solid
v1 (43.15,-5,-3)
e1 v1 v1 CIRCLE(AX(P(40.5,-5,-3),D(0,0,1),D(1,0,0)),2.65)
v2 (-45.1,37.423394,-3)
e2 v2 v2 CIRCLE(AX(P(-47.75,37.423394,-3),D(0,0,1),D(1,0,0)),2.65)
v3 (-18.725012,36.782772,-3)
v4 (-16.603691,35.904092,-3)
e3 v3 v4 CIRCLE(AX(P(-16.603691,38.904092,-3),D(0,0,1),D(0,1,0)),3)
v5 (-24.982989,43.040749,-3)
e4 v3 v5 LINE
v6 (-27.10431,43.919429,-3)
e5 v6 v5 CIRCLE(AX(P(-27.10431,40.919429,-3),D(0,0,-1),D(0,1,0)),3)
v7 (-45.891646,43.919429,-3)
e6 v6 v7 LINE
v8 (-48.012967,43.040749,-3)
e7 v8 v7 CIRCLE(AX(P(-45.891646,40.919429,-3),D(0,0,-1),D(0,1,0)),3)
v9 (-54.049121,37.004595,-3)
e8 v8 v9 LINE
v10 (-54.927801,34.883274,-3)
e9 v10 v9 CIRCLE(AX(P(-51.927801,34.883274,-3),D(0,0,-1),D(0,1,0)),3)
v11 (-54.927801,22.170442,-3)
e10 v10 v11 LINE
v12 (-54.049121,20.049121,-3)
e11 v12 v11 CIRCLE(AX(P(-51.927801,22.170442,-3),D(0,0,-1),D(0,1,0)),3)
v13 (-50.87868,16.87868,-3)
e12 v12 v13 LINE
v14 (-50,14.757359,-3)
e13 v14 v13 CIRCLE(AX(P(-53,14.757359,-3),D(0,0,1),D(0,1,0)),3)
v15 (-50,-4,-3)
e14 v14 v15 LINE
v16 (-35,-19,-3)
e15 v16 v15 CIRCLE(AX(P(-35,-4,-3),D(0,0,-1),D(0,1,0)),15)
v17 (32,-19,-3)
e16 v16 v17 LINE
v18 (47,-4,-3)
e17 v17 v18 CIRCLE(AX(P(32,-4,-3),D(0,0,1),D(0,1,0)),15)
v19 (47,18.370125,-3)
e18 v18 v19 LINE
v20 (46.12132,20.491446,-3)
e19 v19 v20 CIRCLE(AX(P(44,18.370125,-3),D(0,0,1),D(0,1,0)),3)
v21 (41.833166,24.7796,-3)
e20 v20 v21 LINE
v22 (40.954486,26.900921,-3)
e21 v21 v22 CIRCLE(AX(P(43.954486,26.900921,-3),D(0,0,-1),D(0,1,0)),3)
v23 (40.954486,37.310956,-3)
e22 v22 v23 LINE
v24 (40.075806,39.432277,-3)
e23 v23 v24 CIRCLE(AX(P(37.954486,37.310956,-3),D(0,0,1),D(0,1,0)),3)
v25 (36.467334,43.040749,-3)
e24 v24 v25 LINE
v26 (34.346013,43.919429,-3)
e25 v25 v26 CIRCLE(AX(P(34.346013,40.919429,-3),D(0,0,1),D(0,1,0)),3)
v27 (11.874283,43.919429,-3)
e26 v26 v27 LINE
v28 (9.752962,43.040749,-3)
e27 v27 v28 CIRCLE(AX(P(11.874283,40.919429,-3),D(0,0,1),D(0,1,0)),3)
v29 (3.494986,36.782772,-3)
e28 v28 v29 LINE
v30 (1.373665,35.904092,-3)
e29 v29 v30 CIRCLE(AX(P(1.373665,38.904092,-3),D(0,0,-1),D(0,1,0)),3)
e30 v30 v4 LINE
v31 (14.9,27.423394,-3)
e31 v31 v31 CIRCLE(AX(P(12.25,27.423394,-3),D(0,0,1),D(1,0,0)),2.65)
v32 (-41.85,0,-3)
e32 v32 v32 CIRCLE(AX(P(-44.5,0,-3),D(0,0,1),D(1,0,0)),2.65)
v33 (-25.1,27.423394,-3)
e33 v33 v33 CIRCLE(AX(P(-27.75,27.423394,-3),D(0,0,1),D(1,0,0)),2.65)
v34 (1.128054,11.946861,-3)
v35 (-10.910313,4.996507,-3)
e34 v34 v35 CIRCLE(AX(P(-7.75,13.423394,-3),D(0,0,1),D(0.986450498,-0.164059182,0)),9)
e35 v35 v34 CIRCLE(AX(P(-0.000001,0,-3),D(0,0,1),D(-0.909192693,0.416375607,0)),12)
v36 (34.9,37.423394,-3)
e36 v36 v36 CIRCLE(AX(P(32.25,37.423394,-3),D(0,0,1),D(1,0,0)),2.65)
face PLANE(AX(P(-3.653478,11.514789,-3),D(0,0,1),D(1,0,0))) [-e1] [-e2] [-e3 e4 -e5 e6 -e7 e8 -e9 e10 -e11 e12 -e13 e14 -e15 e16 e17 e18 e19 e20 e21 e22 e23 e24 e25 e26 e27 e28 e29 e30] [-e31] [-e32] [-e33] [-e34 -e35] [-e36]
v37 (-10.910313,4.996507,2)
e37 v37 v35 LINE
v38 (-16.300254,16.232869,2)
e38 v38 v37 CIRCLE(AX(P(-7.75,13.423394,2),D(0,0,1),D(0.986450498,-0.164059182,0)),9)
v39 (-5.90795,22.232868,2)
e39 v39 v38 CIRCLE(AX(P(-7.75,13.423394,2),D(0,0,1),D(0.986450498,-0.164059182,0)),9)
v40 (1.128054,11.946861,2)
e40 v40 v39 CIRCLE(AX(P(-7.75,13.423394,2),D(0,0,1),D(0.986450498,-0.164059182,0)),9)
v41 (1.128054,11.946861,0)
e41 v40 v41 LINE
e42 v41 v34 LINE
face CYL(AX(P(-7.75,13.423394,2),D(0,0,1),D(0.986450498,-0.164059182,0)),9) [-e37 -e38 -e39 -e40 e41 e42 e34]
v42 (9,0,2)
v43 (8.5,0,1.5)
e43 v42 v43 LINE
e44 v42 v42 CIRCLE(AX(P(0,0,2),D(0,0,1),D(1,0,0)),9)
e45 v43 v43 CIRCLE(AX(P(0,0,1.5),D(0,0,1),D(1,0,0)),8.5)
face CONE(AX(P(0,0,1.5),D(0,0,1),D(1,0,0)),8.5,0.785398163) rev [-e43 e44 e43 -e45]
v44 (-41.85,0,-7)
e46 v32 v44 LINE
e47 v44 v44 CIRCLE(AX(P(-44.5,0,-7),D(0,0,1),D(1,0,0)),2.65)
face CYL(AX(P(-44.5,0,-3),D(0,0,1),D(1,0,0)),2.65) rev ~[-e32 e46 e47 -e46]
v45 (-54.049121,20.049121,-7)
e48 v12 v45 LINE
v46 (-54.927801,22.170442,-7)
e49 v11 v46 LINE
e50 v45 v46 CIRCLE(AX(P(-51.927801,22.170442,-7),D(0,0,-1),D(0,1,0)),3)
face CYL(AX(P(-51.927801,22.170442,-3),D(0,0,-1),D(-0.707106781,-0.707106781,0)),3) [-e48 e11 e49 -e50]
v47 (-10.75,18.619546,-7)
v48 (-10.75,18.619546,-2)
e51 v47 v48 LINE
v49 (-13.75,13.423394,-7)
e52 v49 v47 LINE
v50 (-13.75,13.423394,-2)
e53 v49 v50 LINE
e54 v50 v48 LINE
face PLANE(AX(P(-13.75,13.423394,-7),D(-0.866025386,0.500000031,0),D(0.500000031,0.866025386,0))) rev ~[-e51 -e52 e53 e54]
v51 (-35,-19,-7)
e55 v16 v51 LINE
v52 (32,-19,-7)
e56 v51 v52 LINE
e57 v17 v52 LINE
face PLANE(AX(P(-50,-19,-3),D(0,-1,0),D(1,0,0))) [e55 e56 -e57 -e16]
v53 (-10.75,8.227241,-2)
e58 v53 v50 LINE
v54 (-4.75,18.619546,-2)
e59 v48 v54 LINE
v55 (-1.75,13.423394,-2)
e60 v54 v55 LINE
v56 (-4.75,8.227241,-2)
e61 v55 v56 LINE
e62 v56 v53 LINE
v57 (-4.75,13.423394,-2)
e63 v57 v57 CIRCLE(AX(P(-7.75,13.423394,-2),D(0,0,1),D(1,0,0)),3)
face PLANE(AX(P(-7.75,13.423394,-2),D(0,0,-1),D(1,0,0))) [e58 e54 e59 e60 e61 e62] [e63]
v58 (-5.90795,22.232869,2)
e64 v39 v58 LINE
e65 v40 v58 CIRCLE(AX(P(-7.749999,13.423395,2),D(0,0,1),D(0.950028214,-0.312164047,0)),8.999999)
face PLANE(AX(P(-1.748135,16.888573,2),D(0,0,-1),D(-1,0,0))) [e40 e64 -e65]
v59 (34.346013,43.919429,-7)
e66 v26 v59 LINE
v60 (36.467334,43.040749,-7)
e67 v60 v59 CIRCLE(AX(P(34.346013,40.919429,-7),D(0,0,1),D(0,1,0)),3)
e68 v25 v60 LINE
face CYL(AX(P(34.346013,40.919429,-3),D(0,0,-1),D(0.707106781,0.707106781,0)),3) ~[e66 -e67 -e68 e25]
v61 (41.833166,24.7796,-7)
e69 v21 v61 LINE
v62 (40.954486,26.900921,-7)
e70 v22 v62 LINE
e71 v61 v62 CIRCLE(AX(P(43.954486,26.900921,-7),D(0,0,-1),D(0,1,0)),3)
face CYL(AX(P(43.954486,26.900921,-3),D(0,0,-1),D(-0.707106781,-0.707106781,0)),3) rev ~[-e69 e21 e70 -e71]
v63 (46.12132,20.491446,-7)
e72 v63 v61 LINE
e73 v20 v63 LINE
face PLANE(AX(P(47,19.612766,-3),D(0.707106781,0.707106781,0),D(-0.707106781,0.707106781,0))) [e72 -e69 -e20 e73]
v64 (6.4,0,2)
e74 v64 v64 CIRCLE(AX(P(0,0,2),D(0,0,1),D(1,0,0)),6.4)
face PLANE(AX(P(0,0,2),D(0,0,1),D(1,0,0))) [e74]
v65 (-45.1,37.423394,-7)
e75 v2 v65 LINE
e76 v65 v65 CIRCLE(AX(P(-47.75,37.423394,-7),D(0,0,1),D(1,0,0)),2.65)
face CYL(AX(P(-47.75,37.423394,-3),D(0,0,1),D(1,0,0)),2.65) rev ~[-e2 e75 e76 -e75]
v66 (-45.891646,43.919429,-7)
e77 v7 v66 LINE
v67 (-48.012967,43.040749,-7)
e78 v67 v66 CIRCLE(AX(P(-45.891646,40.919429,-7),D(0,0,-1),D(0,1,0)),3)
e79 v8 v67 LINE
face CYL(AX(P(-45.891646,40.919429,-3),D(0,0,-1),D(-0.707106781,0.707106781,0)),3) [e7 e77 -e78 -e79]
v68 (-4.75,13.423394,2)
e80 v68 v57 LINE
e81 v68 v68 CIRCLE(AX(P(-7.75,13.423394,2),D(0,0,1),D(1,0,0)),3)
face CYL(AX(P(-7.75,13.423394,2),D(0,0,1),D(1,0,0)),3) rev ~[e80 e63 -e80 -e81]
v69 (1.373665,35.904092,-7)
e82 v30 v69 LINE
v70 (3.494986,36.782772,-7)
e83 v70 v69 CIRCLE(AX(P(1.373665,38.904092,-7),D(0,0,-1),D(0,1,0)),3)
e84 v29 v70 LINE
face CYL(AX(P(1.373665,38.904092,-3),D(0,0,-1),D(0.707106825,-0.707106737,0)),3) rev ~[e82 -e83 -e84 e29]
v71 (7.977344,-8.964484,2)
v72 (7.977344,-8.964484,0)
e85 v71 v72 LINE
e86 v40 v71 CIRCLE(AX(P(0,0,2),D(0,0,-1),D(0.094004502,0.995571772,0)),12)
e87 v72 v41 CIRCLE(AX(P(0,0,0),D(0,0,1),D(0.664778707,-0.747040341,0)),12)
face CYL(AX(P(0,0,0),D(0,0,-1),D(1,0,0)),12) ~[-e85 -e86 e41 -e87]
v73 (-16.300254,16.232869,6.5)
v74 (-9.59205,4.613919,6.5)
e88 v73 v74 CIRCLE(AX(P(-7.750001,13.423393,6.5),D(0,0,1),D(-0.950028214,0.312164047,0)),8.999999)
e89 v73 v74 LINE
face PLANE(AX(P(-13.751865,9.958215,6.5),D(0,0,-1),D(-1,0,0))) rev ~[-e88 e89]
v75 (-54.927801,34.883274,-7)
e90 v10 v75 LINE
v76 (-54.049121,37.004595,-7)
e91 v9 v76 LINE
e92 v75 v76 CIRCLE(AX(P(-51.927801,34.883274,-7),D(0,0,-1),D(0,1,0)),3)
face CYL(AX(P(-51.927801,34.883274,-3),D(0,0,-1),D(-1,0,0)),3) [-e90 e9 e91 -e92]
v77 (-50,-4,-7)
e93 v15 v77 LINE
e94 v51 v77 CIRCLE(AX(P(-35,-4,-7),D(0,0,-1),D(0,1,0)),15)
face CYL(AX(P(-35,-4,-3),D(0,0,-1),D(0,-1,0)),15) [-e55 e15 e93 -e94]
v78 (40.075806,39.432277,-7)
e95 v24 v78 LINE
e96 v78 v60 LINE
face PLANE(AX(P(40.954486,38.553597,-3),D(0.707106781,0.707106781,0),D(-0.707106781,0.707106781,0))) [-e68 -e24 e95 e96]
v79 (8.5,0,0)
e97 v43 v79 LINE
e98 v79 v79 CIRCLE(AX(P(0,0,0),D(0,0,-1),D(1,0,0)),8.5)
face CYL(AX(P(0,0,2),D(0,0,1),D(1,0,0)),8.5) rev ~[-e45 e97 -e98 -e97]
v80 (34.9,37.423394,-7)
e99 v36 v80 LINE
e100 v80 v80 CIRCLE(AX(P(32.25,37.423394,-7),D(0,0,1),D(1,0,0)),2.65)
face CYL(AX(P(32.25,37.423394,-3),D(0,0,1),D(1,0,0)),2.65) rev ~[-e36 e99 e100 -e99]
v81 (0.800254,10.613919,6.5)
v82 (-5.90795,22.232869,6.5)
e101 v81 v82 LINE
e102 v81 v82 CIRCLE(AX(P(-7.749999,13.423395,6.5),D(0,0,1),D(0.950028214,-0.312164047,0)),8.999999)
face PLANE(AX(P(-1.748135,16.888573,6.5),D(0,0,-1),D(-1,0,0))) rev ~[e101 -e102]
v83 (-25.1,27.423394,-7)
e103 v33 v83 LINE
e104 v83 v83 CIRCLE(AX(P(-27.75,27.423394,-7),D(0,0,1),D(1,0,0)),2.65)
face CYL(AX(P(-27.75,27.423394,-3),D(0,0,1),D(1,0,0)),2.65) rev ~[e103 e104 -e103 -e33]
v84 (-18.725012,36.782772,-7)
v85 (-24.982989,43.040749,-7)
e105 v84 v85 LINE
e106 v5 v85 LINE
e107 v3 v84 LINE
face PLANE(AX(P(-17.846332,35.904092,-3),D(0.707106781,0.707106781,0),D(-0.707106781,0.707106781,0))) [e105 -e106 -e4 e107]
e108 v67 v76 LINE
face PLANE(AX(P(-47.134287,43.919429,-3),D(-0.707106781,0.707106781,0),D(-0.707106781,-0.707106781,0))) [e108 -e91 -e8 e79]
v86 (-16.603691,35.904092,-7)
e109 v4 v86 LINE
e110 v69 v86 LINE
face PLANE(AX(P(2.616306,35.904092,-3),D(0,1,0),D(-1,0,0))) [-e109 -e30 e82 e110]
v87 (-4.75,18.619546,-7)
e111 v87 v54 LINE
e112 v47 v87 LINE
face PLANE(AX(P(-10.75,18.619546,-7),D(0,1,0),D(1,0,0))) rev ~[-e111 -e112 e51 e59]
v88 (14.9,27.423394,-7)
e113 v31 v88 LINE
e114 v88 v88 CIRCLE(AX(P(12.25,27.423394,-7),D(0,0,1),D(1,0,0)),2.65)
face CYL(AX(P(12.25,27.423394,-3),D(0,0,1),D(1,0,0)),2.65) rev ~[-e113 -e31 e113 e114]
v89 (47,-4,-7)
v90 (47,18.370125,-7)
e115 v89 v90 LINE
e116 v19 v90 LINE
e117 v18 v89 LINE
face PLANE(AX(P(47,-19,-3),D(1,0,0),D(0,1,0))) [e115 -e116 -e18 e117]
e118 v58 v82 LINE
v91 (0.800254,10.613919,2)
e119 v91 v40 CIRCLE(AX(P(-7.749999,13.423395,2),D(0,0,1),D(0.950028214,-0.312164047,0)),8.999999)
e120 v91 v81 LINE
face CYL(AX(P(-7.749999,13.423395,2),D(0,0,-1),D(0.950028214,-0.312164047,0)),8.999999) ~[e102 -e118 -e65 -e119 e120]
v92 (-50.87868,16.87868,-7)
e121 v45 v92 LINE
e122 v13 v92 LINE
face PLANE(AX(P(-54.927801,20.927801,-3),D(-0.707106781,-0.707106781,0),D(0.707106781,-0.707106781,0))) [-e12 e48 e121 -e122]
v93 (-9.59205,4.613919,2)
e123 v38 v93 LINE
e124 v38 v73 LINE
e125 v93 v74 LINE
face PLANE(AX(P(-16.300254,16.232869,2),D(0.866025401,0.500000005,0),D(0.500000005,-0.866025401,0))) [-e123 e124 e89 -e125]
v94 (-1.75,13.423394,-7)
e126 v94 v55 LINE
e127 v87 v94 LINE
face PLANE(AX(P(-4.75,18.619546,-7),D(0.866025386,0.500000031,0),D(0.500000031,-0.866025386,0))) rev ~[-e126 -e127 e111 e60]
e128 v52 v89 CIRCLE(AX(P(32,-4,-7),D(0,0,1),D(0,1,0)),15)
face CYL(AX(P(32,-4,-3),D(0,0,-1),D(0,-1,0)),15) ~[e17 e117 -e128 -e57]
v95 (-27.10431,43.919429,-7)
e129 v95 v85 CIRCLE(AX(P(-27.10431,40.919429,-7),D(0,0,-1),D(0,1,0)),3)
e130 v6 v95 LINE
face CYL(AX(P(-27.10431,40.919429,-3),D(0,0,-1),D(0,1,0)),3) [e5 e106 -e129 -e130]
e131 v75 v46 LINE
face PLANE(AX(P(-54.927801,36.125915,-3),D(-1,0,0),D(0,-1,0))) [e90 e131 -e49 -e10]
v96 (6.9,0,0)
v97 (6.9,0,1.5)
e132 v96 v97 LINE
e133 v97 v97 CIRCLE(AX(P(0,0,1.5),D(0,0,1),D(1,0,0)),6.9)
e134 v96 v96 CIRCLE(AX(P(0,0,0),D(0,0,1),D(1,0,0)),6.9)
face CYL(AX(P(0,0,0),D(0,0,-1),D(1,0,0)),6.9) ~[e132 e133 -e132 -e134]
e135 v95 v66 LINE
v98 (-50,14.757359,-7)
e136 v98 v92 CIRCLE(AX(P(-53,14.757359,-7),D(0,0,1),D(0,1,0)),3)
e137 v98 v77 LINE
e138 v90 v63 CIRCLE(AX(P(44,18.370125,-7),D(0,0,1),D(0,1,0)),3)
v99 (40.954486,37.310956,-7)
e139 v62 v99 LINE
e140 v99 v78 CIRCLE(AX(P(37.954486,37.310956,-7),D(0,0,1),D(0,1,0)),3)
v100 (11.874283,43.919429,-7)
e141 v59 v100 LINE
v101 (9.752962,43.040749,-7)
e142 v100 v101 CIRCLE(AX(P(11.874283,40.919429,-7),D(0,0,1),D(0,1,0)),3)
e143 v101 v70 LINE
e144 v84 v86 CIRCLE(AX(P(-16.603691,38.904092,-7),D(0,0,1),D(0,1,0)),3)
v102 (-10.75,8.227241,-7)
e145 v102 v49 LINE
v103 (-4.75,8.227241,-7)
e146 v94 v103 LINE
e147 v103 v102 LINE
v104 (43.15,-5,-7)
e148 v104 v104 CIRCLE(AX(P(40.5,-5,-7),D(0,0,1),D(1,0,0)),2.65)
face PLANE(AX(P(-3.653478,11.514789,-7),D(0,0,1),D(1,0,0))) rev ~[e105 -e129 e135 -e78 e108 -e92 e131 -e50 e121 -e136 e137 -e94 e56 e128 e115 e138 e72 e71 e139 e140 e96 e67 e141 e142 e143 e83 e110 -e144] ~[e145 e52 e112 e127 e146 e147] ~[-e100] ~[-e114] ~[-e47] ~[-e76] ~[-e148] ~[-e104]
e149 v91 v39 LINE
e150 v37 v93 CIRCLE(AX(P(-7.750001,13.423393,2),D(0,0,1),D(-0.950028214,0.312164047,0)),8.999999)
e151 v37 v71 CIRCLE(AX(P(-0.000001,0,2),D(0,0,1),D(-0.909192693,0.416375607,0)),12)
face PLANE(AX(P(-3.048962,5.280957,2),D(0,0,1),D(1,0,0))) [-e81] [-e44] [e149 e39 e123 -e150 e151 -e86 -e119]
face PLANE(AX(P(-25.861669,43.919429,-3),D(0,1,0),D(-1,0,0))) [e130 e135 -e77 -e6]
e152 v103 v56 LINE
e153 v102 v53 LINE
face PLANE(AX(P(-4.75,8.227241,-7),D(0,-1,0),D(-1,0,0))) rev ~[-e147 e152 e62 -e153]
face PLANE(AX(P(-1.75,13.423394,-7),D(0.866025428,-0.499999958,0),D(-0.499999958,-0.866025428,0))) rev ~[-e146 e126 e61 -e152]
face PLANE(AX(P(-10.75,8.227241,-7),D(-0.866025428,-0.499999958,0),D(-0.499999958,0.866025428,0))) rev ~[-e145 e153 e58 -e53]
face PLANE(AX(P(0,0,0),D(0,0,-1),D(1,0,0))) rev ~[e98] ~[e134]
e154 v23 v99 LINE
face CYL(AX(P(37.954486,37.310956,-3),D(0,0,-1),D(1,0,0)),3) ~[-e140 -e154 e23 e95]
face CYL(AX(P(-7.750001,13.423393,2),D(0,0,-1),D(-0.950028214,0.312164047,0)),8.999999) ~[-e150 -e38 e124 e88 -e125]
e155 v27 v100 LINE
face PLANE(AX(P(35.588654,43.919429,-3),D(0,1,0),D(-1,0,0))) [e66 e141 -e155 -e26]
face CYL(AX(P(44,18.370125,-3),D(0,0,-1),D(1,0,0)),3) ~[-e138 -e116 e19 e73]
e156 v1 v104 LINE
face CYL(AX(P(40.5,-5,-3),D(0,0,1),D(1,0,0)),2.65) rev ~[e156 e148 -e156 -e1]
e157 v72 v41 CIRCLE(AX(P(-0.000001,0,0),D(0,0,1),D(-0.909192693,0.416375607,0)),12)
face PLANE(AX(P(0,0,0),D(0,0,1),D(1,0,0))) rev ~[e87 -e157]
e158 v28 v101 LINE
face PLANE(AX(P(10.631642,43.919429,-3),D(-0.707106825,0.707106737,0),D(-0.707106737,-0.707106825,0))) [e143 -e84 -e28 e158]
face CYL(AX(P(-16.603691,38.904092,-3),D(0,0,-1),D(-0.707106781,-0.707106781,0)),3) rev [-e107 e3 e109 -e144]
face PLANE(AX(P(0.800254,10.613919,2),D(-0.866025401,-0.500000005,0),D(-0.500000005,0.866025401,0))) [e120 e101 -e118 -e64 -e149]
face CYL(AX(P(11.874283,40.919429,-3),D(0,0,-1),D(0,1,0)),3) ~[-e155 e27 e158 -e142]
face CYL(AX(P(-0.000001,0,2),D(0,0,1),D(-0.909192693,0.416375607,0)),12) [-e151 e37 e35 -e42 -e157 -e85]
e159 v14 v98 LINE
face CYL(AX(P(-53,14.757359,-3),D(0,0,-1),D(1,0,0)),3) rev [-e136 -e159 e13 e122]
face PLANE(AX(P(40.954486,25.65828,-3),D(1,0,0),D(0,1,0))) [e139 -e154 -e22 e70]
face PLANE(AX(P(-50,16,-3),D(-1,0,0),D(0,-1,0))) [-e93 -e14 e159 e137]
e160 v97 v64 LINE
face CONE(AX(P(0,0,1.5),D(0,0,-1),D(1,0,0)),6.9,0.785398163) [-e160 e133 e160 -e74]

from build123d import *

# Parameters (mm, degrees)
SKETCH_R        = 12
SKETCH_R_2      = 8.5
PAD_DEPTH       = 2
SKETCH001_R     = 8.5
SKETCH001_R_2   = 3
PAD001_DEPTH    = 5
SKETCH002_R     = 8.5
PAD002_DEPTH    = 3
SKETCH003_R     = 6.9
PAD003_DEPTH    = 2
PAD004_DEPTH    = 4.5
SKETCH006_R     = 3
POCKET_DEPTH    = 5
SKETCH005_R     = 2.65
PAD005_DEPTH    = 4
POCKET001_DEPTH = 5
FILLET_R        = 15
FILLET001_R     = 3
CHAMFER_SIZE    = 0.5


with BuildPart() as part:
    # Sketch → Pad (new body)
    with BuildSketch(Plane.XY):
        Circle(SKETCH_R)
        Circle(SKETCH_R_2, mode=Mode.SUBTRACT)
    extrude(amount=PAD_DEPTH)

    # Sketch001 (on Face4 of Pad) → Pad001 (join)
    with BuildSketch(Plane.XY.offset(2)):
        with BuildLine():
            ThreePointArc((1.128054, 11.946861), (-12.25, 21.217622), (-10.910313, 4.996507))
            ThreePointArc((-10.910313, 4.996507), (6, -10.392305), (1.128054, 11.946861))
        make_face()
        Circle(SKETCH001_R, mode=Mode.SUBTRACT)
        with Locations((-7.75, 13.423394)):
            Circle(SKETCH001_R_2, mode=Mode.SUBTRACT)
    extrude(amount=-PAD001_DEPTH)

    # Sketch002 (on Face6 of Pad001) → Pad002 (join)
    with BuildSketch(Plane(origin=(0, 0, -3), x_dir=(1, 0, 0), z_dir=(0, 0, -1))):
        Circle(SKETCH002_R)
    extrude(amount=-PAD002_DEPTH)

    # Sketch003 (on Face11 of Pad002) → Pad003 (join)
    with BuildSketch(Plane.XY):
        Circle(SKETCH003_R)
    extrude(amount=PAD003_DEPTH)

    # Sketch004 (on Face7 of Pad003) → Pad004 (join)
    with BuildSketch(Plane.XY.offset(2)):
        with BuildLine():
            Line((-16.300254, 16.232869), (-9.59205, 4.613919))
            ThreePointArc((-16.300254, 16.232869), (-15.544229, 8.923394), (-9.59205, 4.613919))
        make_face()
        with BuildLine():
            Line((0.800254, 10.613919), (-5.90795, 22.232869))
            ThreePointArc((0.800254, 10.613919), (0.044229, 17.923394), (-5.90795, 22.232869))
        make_face()
    extrude(amount=PAD004_DEPTH)

    # Sketch006 → Pocket (cut)
    with BuildSketch(Plane.XY.offset(-3)):
        with Locations((-7.75, 13.423394)):
            Circle(SKETCH006_R)
    extrude(amount=-POCKET_DEPTH, mode=Mode.SUBTRACT)

    # Sketch005 (on Face19 of Pad004) → Pad005 (join)
    with BuildSketch(Plane.XY.offset(-3)):
        Polygon((-50, -19), (47, -19), (47, 16), (47, 19.612766), (40.954486, 25.65828), (40.954486, 38.553597), (35.588654, 43.919429), (10.631642, 43.919429), (2.616306, 35.904092), (-17.846332, 35.904092), (-25.861669, 43.919429), (-47.134287, 43.919429), (-54.927801, 36.125915), (-54.927801, 20.927801), (-50, 16), align=None)
        with Locations((-44.5, 0)):
            Circle(SKETCH005_R, mode=Mode.SUBTRACT)
        with Locations((40.5, -5)):
            Circle(SKETCH005_R, mode=Mode.SUBTRACT)
        with Locations((-27.75, 27.423394)):
            Circle(SKETCH005_R, mode=Mode.SUBTRACT)
        with Locations((-47.75, 37.423394)):
            Circle(SKETCH005_R, mode=Mode.SUBTRACT)
        with Locations((32.25, 37.423394)):
            Circle(SKETCH005_R, mode=Mode.SUBTRACT)
        with Locations((12.25, 27.423394)):
            Circle(SKETCH005_R, mode=Mode.SUBTRACT)
    extrude(amount=-PAD005_DEPTH)

    # Sketch008 (on Face5 of Pad005) → Pocket001 (cut)
    with BuildSketch(Plane(origin=(0, 0, -7), x_dir=(1, 0, 0), z_dir=(0, 0, -1))):
        Polygon((-10.75, -8.227241), (-13.75, -13.423394), (-10.75, -18.619546), (-4.75, -18.619546), (-1.75, -13.423394), (-4.75, -8.227241), align=None)
    extrude(amount=-POCKET001_DEPTH, mode=Mode.SUBTRACT)

    # Fillet
    fillet_edges = [part.edges().sort_by_distance(p)[0] for p in [
        (-50, -19, -5),
        (47, -19, -5),
    ]]
    fillet(fillet_edges, radius=FILLET_R)

    # Fillet001
    fillet001_edges = [part.edges().sort_by_distance(p)[0] for p in [
        (-50, 16, -5),
        (-54.927801, 20.927801, -5),
        (-54.927801, 36.125915, -5),
        (-47.134287, 43.919429, -5),
        (47, 19.612766, -5),
        (40.954486, 25.65828, -5),
        (40.954486, 38.553597, -5),
        (35.588654, 43.919429, -5),
        (10.631642, 43.919429, -5),
        (2.616306, 35.904092, -5),
        (-17.846332, 35.904092, -5),
        (-25.861669, 43.919429, -5),
    ]]
    fillet(fillet001_edges, radius=FILLET001_R)

    # Chamfer
    chamfer_edges = [part.edges().sort_by_distance(p)[0] for p in [
        (-8.5, 0, 2),
        (-6.9, 0, 2),
    ]]
    chamfer(chamfer_edges, length=CHAMFER_SIZE)


solid = part.part
